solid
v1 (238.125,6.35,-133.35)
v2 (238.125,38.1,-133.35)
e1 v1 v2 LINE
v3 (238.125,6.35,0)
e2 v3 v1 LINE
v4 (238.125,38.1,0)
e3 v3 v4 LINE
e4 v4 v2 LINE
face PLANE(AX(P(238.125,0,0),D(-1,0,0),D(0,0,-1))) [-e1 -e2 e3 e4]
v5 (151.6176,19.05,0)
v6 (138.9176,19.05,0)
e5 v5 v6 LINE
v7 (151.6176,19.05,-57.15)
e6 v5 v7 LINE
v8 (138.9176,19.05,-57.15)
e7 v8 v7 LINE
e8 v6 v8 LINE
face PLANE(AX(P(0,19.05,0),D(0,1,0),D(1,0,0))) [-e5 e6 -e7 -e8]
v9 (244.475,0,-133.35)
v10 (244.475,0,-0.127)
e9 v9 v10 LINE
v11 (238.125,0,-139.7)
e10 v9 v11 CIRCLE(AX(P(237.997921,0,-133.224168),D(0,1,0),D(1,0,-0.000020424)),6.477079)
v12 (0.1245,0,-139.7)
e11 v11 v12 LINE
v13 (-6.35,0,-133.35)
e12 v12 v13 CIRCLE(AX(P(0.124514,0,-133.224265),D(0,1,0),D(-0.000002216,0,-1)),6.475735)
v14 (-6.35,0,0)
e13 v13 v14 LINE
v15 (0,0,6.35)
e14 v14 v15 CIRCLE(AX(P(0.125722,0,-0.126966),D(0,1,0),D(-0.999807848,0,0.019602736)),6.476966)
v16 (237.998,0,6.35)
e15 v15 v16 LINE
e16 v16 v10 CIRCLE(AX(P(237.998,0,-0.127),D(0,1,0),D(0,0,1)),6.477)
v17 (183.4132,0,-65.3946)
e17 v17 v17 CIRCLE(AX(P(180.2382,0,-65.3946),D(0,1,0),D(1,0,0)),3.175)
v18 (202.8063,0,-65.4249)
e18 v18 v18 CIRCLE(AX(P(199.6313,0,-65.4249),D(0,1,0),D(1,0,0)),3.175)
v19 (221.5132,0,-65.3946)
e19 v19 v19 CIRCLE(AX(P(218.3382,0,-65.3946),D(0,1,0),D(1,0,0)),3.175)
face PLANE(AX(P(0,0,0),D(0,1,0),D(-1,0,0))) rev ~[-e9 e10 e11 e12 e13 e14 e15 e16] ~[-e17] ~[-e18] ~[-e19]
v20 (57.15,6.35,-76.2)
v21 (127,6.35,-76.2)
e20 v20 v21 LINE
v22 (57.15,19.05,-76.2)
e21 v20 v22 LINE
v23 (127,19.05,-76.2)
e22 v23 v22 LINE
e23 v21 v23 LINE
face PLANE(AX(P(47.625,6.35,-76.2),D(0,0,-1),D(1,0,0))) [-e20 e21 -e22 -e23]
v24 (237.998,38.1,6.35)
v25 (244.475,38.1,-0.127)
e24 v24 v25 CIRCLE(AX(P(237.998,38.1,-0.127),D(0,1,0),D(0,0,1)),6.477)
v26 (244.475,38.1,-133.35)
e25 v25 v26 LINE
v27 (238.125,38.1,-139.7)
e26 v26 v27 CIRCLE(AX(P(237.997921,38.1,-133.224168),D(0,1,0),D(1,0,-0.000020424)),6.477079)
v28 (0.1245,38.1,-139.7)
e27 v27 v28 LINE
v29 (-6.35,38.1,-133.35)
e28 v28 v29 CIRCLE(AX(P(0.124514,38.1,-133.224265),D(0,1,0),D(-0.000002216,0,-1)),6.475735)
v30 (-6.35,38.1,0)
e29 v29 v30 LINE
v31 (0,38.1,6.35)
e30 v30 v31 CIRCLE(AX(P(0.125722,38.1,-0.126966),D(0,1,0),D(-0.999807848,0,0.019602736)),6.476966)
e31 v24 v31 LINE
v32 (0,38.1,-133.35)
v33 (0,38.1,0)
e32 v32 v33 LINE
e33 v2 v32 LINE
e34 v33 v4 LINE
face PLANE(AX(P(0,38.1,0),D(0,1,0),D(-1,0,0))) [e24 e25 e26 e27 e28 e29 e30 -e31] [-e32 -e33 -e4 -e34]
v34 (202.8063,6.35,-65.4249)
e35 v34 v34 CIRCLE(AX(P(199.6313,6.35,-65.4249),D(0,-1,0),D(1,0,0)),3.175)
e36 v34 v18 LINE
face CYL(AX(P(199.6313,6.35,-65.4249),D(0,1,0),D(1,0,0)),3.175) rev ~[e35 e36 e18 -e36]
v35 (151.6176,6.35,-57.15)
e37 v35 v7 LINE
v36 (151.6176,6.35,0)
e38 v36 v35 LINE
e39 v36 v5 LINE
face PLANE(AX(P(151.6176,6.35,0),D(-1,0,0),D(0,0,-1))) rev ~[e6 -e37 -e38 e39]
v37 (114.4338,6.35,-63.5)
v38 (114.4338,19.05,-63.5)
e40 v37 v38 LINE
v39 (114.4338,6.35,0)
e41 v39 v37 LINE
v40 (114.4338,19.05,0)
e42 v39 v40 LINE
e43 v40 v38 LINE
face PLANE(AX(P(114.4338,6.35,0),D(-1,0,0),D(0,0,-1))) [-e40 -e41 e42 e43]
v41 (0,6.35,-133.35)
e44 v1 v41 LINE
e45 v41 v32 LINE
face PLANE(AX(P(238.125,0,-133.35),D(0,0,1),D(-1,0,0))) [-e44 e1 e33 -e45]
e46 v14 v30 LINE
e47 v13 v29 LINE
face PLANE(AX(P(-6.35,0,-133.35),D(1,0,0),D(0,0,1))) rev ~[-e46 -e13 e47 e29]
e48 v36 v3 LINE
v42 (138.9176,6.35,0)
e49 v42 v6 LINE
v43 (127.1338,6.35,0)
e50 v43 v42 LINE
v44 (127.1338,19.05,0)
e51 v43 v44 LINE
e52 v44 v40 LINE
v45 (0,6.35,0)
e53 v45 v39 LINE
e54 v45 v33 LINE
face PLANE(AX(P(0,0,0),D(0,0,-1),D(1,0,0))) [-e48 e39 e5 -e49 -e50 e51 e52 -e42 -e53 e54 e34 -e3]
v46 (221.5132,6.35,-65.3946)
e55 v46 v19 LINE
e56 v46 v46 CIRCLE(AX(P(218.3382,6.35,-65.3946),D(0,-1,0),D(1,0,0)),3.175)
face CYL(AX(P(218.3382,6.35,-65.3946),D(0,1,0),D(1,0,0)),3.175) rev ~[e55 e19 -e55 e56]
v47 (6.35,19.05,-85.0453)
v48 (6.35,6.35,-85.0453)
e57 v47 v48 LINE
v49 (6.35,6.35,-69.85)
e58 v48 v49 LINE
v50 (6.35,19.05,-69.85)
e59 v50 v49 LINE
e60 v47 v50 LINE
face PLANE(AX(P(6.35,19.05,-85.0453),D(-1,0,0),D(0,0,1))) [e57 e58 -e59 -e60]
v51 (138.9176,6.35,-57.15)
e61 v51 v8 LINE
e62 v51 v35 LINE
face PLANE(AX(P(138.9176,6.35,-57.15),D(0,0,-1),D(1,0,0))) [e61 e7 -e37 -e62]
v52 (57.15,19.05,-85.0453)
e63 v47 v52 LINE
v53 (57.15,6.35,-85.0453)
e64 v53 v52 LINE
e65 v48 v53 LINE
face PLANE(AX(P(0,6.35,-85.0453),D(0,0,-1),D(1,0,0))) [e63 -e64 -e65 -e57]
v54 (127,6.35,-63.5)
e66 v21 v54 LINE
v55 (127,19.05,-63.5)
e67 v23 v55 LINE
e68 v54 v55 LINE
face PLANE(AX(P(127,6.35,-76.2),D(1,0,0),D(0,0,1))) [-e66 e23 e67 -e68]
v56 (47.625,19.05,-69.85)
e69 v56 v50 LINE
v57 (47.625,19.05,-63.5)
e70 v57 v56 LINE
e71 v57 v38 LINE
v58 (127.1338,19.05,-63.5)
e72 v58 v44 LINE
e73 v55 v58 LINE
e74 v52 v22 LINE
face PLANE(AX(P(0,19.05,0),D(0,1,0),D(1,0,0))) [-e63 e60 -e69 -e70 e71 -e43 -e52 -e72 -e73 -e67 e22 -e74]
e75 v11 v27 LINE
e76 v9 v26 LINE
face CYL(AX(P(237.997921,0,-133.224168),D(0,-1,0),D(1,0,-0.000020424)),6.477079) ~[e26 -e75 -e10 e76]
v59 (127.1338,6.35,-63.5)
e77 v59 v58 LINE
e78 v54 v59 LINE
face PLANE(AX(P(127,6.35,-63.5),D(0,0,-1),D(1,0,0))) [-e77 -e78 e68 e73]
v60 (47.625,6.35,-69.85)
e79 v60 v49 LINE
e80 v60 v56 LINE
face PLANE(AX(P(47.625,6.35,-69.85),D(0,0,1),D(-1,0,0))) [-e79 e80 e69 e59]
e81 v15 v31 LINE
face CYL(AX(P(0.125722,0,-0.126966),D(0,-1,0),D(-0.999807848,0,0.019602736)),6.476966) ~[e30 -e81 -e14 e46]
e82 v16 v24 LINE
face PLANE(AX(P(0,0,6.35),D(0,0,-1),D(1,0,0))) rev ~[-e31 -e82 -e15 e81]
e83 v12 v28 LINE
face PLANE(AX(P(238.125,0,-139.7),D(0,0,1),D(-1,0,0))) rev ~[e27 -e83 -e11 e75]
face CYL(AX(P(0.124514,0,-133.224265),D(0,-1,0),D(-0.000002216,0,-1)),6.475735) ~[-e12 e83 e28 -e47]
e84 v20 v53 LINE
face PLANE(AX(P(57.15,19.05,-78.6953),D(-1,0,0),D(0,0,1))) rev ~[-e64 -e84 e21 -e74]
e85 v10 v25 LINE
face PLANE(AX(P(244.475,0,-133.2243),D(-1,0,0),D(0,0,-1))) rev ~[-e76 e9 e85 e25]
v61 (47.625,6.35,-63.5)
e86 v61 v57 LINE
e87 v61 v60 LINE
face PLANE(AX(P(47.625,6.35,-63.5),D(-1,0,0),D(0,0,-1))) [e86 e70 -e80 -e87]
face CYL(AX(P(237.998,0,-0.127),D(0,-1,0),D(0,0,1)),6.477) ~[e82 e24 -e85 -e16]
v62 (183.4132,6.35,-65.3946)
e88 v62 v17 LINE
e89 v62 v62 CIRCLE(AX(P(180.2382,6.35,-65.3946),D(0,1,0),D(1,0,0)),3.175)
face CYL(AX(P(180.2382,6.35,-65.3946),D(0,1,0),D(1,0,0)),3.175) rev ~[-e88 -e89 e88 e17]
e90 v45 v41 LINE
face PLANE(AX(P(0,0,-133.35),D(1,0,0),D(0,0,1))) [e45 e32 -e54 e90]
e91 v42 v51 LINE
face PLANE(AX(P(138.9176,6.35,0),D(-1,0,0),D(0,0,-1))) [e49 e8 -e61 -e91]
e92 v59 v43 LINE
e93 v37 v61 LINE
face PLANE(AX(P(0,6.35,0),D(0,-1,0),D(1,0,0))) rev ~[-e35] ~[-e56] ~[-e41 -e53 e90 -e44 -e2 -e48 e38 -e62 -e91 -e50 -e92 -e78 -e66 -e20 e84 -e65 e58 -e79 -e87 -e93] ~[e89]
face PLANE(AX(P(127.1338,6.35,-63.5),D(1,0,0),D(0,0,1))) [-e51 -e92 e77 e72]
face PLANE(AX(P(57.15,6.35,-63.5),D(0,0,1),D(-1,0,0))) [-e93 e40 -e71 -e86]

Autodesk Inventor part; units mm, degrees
ref_plane "YZ Plane" through (0, 0, 0) normal (1, 0, 0) x (0, 1, 0)
ref_plane "XZ Plane" through (0, 0, 0) normal (0, 1, 0) x (-1, 0, 0)
ref_plane "XY Plane" through (0, 0, 0) normal (0, 0, 1) x (1, 0, 0)
sketch "Sketch1" plane through (0, 0, 0) normal (0, 1, 0) x (-1, 0, 0)
  line L0 (0, 0) -> (-238.125, 0)
  line L1 (-238.125, 0) -> (-238.125, -133.35)
  line L2 (-238.125, -133.35) -> (0, -133.35)
  line L3 (0, -133.35) -> (0, 0)
  line L4 (0, 6.35) -> (-237.998, 6.35)
  line L5 (-244.475, -0.127) -> (-244.475, -133.35)
  line L6 (-238.125, -139.7) -> (-0.1245, -139.7)
  line L7 (6.35, -133.35) -> (6.35, 0)
  arc A0 (-0.1245, -139.7) -> (6.35, -133.35) centre (-0.1245, -133.2243) ccw
  arc A1 (6.35, 0) -> (-0.1245, 6.35) centre (-0.1258, -0.127) ccw
  arc A2 (-244.475, -133.2243) -> (-238.125, -139.7) centre (-237.998, -133.2242) ccw
  arc A3 (-237.998, 6.35) -> (-244.475, -0.127) centre (-237.998, -0.127) ccw
  dimension "d0" = 238.125
  dimension "d1" = 133.35
  dimension "d2" = 6.35
  dimension "d9" = 6.477
  dimension "d10" = 6.477
  dimension "d11" = 6.477
extrude "Extrusion1" add sketch "Sketch1" along normal blind 38.1
sketch "Sketch2" plane through (0, 0, 0) normal (0, -1, 0) x (1, 0, 0)
  line L0 (0, 0) -> (238.125, 0)
  line L1 (238.125, 0) -> (238.125, -133.35)
  line L2 (238.125, -133.35) -> (0, -133.35)
  line L3 (0, -133.35) -> (0, 0)
  dimension "d5" = 238.125
  dimension "d6" = 133.35
extrude "Extrusion2" add sketch "Sketch2" against normal blind 6.35
sketch "Sketch7" plane through (0, 6.35, 0) normal (0, 1, 0) x (1, 0, 0)
  line L0 (237.998, 0) -> (155.448, 0)
  line L1 (238.125, 0) -> (0, 0) projected
  line L2 (155.448, 0) -> (155.448, 57.15)
  line L3 (155.448, 57.15) -> (237.998, 57.15)
  circle A0 centre (218.3382, 65.3946) radius 3.175
  circle A1 centre (199.6313, 65.4249) radius 3.175
  line L4 (218.3382, 65.3946) -> (180.2382, 65.3946)
  circle A2 centre (180.2382, 65.3946) radius 3.175
  dimension "d31" = 82.55
  dimension "d32" = 57.15
  dimension "d33" = 6.35
  dimension "d36" = 6.35
  dimension "d37" = 38.1
  dimension "d38" = 6.35
extrude "Extrusion4" cut sketch "Sketch7" against normal blind 6.35
sketch "Sketch11" plane through (0, 6.35, 0) normal (0, 1, 0) x (1, 0, 0)
  line L0 (57.15, 78.6953) -> (0, 78.6953)
  line L1 (47.625, 76.2) -> (127, 76.2) projected
  line L2 (47.625, 76.2) -> (127, 76.2)
  line L3 (127, 76.2) -> (127, 63.5)
  line L4 (127, 63.5) -> (47.625, 63.5)
  line L5 (47.625, 63.5) -> (47.625, 76.2)
  line L6 (114.4338, 63.5) -> (127.1338, 63.5)
  line L7 (127.1338, 63.5) -> (127.1338, 0)
  line L8 (127.1338, 0) -> (114.4338, 0)
  line L9 (114.4338, 0) -> (114.4338, 63.5)
  line L10 (238.125, 0) -> (0, 0) projected
  line L11 (0, 0) -> (0, 82.55)
  line L12 (0, 0) -> (0, 133.35) projected
  line L13 (0, 82.55) -> (57.15, 82.55)
  line L14 (57.15, 82.55) -> (57.15, 0)
  line L15 (0, 78.6953) -> (47.625, 78.6953)
  line L16 (47.625, 78.6953) -> (47.625, 69.85)
  line L17 (47.625, 69.85) -> (0, 69.85)
  line L18 (0, 69.85) -> (0, 78.6953)
  line L19 (57.15, 78.6953) -> (0, 78.6953)
  line L20 (0, 78.6953) -> (0, 85.0453)
  line L21 (0, 85.0453) -> (57.15, 85.0453)
  line L22 (57.15, 85.0453) -> (57.15, 78.6953)
  point P0 (0, 97.7453)
  point P1 (0, 69.85)
  dimension "d59" = 79.375
  dimension "d60" = 12.7
  dimension "d61" = 12.7
  dimension "d62" = 63.5
  dimension "d70" = 82.55
  dimension "d71" = 6.35
extrude "Extrusion7" add sketch "Sketch11" along normal blind 12.7 contours L0 L11 L13 L14 | L16 L5 L17 L11 L0 | L13 L12 L21 L22 | L14 L4 L5 L1 | L1 L3 L4 L14 | L6 L7 L8 L9 L4
sketch "Sketch12" plane through (0, 6.35, 0) normal (0, 1, 0) x (1, 0, 0)
  line L0 (238.125, 0) -> (0, 0) projected
  line L1 (238.125, 0) -> (155.575, 0)
  line L2 (151.6176, 0) -> (151.6176, 57.15)
  line L3 (155.575, 57.15) -> (238.125, 57.15)
  line L4 (238.125, 57.15) -> (238.125, 0)
  line L5 (151.6176, 0) -> (138.9176, 0)
  line L6 (138.9176, 0) -> (138.9176, 57.15)
  line L7 (138.9176, 57.15) -> (151.6176, 57.15)
  line L8 (155.575, 57.15) -> (155.575, 0)
  point P0 (151.6176, 57.15)
  point P1 (151.6176, 0)
  dimension "d65" = 82.55
  dimension "d66" = 57.15
  dimension "d67" = 12.7
extrude "Extrusion8" add sketch "Sketch12" along normal blind 12.7 contours L0 L6 L7 L2
sketch "Sketch13" plane through (0, 19.05, 0) normal (0, 1, 0) x (1, 0, 0)
  line L0 (0, 85.0453) -> (57.15, 85.0453) projected
  line L1 (47.625, 69.85) -> (0, 69.85) projected
  line L2 (0, 85.0453) -> (6.35, 85.0453)
  line L3 (6.35, 85.0453) -> (6.35, 69.85)
  line L4 (6.35, 69.85) -> (0, 69.85)
  line L5 (0, 69.85) -> (0, 85.0453)
  point P0 (0, 0)
  dimension "d72" = 6.35
extrude "Extrusion9" cut sketch "Sketch13" against normal blind 12.7
sketch "Sketch14" plane through (0, 19.05, 0) normal (0, 1, 0) x (1, 0, 0)
  line L0 (47.625, 78.6953) -> (47.625, 76.2) projected
  line L1 (47.625, 78.6953) -> (57.15, 78.6953)
  line L2 (57.15, 78.6953) -> (57.15, 76.0675)
  line L3 (57.15, 76.0675) -> (47.625, 76.0675)
  line L4 (47.625, 76.0675) -> (47.625, 78.6953)
  point P0 (0, 0)
extrude "Extrusion10" add sketch "Sketch14" against normal blind 12.7
sketch "Sketch15" plane through (0, 19.05, 0) normal (0, 1, 0) x (1, 0, 0)
  point P0 (0, 0)
equation "\"d34\" = d38"
properties part number "SimpleElectronicBox"
